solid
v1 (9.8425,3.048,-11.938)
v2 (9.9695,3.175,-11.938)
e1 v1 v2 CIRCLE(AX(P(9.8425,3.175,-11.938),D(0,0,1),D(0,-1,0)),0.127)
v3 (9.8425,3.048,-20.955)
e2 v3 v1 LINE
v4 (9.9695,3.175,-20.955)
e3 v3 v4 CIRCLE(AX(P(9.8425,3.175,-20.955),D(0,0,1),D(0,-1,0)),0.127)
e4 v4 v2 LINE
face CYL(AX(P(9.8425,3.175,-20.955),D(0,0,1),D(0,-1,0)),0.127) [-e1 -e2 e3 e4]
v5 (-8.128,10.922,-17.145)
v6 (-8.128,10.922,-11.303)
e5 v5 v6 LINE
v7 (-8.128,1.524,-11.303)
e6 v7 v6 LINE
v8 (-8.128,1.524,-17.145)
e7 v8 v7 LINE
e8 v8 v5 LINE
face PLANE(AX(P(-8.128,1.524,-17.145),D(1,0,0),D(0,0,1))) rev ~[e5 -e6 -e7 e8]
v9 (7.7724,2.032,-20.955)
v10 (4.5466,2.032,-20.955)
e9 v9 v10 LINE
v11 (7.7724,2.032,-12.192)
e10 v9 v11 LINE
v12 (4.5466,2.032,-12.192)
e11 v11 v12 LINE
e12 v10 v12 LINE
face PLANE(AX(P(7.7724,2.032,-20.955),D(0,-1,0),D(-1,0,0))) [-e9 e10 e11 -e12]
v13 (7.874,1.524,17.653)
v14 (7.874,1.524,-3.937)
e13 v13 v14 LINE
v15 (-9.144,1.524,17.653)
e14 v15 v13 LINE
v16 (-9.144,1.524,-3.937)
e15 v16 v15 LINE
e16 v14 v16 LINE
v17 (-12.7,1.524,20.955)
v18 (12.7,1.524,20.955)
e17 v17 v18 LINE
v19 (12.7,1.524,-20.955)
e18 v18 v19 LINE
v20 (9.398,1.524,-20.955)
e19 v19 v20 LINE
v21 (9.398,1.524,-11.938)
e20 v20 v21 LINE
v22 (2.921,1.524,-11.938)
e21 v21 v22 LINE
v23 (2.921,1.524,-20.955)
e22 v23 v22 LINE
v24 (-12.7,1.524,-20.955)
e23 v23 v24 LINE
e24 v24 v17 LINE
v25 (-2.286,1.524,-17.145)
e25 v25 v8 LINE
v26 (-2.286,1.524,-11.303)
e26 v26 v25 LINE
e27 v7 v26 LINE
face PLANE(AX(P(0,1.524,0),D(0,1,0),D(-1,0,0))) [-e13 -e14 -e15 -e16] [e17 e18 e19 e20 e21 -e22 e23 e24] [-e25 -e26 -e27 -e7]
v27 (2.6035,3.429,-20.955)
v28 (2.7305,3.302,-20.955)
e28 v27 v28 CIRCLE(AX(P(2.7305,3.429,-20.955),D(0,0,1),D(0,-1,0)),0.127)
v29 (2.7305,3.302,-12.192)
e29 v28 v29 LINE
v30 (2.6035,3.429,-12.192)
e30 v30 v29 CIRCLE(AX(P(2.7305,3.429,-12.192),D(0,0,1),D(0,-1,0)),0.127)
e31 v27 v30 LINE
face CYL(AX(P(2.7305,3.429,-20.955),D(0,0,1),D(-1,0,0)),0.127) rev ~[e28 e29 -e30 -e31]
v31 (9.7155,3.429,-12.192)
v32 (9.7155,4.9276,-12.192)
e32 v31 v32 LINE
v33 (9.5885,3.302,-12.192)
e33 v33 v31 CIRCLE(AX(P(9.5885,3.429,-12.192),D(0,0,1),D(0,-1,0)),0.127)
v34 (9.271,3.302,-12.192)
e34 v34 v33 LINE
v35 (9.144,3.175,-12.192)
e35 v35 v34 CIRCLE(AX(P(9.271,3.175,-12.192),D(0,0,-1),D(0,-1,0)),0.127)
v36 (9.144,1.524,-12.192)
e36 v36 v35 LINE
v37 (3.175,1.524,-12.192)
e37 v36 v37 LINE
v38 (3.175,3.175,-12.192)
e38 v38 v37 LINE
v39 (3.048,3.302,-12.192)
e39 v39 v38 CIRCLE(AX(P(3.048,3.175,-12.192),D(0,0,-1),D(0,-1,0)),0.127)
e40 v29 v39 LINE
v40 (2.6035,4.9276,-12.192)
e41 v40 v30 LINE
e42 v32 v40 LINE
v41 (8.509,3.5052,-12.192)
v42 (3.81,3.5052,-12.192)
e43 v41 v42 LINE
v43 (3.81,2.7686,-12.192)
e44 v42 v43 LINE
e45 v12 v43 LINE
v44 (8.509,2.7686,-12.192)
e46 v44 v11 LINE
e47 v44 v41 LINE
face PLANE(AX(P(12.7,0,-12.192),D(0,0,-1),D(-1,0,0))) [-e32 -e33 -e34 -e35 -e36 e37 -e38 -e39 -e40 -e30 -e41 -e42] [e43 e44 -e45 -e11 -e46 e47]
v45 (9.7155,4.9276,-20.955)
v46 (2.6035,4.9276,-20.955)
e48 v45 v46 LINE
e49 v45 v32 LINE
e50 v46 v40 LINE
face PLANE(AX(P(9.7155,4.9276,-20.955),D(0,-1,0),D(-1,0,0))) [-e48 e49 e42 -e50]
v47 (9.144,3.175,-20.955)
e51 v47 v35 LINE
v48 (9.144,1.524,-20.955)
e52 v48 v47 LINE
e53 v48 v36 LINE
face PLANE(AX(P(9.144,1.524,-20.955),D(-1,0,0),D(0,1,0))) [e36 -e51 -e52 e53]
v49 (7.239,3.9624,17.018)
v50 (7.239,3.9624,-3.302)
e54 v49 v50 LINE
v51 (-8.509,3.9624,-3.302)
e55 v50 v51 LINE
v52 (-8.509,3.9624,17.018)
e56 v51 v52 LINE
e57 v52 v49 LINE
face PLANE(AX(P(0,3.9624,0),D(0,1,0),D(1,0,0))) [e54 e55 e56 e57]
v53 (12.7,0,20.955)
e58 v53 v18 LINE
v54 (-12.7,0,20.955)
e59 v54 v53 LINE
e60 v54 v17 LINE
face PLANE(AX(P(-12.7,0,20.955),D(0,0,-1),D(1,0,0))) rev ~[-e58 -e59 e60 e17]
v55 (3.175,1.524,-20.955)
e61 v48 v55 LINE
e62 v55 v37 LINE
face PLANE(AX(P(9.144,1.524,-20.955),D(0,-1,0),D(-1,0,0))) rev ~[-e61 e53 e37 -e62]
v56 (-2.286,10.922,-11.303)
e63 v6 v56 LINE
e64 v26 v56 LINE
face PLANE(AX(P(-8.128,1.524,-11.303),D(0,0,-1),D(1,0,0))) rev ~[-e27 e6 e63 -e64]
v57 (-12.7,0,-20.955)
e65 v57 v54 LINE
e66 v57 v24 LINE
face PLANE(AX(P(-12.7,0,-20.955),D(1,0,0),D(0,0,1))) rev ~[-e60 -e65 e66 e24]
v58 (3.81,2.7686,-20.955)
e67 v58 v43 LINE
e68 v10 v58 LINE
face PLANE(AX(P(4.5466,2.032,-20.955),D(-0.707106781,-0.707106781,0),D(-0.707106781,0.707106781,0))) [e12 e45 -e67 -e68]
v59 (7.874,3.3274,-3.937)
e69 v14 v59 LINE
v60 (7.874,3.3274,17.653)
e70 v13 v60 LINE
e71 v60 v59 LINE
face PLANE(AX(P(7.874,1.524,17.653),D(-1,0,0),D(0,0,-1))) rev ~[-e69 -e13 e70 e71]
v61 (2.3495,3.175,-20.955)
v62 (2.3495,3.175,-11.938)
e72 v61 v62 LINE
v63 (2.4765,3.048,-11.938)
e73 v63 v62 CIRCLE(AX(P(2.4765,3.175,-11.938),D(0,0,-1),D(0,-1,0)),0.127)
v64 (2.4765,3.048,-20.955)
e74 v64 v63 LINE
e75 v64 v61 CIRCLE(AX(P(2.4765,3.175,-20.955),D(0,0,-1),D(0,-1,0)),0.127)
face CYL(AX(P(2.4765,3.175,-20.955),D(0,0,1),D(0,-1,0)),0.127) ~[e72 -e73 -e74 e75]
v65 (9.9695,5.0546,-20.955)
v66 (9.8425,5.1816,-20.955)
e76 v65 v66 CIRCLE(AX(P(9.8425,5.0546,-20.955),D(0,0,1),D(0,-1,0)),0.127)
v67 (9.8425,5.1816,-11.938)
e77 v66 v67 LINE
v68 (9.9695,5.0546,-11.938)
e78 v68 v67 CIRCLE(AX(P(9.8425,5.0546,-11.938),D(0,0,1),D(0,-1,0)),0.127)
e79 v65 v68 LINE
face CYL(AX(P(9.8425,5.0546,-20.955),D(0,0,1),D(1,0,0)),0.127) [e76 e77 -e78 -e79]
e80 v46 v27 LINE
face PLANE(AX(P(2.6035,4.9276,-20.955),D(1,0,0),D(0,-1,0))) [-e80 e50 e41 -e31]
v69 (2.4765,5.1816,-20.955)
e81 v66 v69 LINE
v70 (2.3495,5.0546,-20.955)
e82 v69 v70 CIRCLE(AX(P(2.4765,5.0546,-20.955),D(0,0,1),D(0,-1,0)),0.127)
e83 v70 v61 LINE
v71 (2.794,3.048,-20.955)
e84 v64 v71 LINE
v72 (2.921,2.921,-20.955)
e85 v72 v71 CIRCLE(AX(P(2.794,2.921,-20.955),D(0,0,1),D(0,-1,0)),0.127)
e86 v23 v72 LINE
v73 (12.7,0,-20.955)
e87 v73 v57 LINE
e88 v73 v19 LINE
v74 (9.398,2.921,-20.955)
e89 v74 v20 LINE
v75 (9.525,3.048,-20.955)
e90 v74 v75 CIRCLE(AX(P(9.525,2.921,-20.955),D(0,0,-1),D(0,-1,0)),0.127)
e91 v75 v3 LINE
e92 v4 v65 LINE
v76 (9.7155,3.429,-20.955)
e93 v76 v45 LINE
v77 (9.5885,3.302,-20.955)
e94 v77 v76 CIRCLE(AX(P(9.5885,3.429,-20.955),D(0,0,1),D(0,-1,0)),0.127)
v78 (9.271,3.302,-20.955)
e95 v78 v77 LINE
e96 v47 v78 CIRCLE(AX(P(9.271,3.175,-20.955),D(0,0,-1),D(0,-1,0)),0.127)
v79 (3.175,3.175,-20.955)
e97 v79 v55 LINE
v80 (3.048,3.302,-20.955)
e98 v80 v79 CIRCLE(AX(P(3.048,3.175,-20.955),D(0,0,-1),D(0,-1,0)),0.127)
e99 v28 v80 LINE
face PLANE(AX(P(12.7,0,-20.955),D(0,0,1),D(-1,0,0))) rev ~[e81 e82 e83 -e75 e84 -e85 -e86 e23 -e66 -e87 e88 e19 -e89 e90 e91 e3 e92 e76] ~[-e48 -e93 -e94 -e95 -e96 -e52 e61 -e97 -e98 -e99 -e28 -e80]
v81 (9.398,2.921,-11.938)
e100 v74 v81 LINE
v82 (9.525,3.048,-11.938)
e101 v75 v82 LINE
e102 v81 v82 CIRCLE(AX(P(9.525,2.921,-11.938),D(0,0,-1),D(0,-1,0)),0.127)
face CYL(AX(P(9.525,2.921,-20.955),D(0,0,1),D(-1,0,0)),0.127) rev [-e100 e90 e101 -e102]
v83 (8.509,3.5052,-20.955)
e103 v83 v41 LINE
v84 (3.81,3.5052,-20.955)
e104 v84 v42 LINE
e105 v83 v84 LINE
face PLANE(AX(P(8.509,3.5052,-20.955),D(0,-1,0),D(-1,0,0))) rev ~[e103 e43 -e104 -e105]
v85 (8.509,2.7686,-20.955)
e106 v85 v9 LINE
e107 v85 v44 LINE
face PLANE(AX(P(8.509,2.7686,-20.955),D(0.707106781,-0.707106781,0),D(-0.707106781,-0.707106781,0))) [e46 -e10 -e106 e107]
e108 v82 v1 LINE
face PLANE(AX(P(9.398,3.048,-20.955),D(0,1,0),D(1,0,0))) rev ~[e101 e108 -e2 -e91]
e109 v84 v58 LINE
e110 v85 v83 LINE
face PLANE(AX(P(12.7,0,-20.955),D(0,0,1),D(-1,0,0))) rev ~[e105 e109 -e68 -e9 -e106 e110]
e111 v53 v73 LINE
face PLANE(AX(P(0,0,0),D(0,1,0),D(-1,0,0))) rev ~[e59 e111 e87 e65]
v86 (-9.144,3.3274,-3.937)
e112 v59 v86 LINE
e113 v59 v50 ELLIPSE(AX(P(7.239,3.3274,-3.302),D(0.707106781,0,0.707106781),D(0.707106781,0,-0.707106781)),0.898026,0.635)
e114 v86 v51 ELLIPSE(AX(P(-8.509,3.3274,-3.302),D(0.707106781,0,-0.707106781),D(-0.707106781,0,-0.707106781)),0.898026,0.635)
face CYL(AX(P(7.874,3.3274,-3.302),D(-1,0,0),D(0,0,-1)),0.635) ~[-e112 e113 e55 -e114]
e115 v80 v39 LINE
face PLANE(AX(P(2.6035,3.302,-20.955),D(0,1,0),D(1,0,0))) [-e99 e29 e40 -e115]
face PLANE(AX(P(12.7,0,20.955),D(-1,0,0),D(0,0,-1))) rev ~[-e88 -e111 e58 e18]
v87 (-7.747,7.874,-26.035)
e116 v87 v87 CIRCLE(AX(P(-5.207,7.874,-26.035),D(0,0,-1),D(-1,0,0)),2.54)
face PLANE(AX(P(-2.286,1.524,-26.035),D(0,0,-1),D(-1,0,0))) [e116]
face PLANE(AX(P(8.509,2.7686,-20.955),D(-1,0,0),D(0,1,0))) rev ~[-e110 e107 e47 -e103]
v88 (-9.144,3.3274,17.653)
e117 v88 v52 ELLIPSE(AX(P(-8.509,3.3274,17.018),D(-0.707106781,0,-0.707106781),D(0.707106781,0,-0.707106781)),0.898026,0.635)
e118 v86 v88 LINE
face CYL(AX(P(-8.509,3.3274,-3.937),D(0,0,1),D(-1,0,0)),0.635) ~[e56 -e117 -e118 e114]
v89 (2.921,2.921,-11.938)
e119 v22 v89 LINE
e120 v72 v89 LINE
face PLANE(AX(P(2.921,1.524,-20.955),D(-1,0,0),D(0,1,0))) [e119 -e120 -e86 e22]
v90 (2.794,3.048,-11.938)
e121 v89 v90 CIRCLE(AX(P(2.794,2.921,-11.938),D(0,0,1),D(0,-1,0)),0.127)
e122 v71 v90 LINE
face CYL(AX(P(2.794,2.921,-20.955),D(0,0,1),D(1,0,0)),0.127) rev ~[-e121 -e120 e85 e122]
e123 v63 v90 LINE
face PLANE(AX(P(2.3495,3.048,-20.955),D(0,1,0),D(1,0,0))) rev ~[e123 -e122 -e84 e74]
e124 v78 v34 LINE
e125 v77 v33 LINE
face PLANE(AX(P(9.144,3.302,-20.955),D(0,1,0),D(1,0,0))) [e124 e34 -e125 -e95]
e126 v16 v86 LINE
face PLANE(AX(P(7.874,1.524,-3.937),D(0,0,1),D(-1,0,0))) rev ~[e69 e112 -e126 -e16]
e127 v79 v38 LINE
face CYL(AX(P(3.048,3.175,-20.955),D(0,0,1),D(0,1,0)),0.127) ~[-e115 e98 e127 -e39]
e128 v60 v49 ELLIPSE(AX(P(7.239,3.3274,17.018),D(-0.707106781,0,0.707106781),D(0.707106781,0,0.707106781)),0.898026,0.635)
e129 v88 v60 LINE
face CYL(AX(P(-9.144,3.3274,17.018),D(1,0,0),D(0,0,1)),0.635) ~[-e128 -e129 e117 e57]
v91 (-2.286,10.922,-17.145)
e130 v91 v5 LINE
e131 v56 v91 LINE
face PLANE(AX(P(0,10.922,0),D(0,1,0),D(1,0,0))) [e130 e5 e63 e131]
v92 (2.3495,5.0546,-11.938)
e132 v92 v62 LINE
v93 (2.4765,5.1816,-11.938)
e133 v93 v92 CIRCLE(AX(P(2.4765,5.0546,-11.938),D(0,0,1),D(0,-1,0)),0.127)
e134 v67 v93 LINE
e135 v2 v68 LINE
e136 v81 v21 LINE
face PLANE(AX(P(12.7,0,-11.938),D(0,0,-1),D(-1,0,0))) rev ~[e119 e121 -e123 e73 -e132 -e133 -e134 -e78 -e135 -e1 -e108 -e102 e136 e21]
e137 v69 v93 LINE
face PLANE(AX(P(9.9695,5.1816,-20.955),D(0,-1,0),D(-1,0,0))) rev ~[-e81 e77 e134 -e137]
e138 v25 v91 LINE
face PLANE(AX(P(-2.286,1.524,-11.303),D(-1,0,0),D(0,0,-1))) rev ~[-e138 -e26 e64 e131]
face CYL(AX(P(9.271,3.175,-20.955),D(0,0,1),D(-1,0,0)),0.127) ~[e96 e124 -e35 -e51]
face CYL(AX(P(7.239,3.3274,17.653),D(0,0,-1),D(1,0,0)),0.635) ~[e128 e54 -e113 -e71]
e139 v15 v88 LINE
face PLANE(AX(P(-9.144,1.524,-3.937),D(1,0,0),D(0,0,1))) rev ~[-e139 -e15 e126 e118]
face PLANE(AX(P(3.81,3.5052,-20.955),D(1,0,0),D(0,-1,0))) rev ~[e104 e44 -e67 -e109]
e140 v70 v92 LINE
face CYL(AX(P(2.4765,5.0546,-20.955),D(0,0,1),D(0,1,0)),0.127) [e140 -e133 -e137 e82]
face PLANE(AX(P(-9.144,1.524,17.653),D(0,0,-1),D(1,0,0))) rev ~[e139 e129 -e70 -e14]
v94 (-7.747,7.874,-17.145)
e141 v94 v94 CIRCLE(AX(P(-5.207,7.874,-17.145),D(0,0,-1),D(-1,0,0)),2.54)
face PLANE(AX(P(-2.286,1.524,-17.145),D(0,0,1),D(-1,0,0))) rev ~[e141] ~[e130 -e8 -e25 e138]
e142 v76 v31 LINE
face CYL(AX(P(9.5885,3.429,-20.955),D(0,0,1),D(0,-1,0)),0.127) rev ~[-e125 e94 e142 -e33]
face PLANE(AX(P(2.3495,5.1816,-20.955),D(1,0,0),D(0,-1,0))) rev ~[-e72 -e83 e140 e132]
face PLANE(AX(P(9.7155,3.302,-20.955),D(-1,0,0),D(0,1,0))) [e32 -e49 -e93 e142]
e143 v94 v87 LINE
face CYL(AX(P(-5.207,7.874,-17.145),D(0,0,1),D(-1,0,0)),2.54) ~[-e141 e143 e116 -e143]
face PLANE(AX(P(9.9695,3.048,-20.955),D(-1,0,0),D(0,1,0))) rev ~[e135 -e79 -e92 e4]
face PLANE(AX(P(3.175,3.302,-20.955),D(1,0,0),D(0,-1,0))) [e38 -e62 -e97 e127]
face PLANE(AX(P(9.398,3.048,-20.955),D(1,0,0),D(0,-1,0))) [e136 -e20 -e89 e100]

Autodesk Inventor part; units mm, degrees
ref_plane "YZ Plane" through (0, 0, 0) normal (1, 0, 0) x (0, 1, 0)
ref_plane "XZ Plane" through (0, 0, 0) normal (0, 1, 0) x (-1, 0, 0)
ref_plane "XY Plane" through (0, 0, 0) normal (0, 0, 1) x (1, 0, 0)
sketch "Sketch1" plane through (0, 0, 0) normal (0, 1, 0) x (-1, 0, 0)
  line L0 (12.7, 20.955) -> (-12.7, 20.955)
  line L1 (-12.7, 20.955) -> (-12.7, -20.955)
  line L2 (-12.7, -20.955) -> (12.7, -20.955)
  line L3 (12.7, -20.955) -> (12.7, 20.955)
  point P0 (0, 0)
  point P1 (12.7, 0)
  point P2 (0, -20.955)
  dimension "d0" = 41.91
  dimension "d1" = 25.4
extrude "Extrusion1" add sketch "Sketch1" along normal blind 1.524
sketch "Sketch2" plane through (0, 1.524, 0) normal (0, 1, 0) x (1, 0, 0)
  line L0 (-9.144, -17.653) -> (7.874, -17.653)
  line L1 (7.874, -17.653) -> (7.874, 3.937)
  line L2 (7.874, 3.937) -> (-9.144, 3.937)
  line L3 (-9.144, 3.937) -> (-9.144, -17.653)
  line L4 (12.7, -20.955) -> (12.7, 20.955) projected
  line L5 (-12.7, -20.955) -> (12.7, -20.955) projected
  point P0 (0, 0)
  dimension "d4" = 21.59
  dimension "d5" = 17.018
  dimension "d6" = 4.826
  dimension "d7" = 3.302
extrude "Extrusion2" add sketch "Sketch2" along normal blind 2.4384
fillet "Fillet1" radius 0.635 4 edges at (-0.635, 3.9624, 17.653) (7.874, 3.9624, 6.858) (-0.635, 3.9624, -3.937) (-9.144, 3.9624, 6.858)
sketch "Sketch3" plane through (0, 1.524, 0) normal (0, 1, 0) x (1, 0, 0)
  line L0 (-8.128, 11.303) -> (-2.286, 11.303)
  line L1 (-2.286, 11.303) -> (-2.286, 17.145)
  line L2 (-2.286, 17.145) -> (-8.128, 17.145)
  line L3 (-8.128, 17.145) -> (-8.128, 11.303)
  line L4 (-12.7, 20.955) -> (-12.7, -20.955) projected
  line L5 (12.7, 20.955) -> (-12.7, 20.955) projected
  point P0 (0, 0)
  dimension "d11" = 5.842
  dimension "d12" = 5.842
  dimension "d13" = 4.572
  dimension "d14" = 3.81
extrude "Extrusion3" add sketch "Sketch3" along normal blind 9.398
sketch "Sketch4" plane through (-2.286, 1.524, -17.145) normal (0, 0, -1) x (-1, 0, 0)
  circle A0 centre (2.921, 6.35) radius 2.54
  line L0 (0, 9.398) -> (5.842, 9.398) projected
  point P0 (-2.286, -1.524)
  point P1 (2.921, 9.398)
  dimension "d17" = 5.08
  dimension "d18" = 0.508
extrude "Extrusion4" add sketch "Sketch4" along normal blind 8.89
sketch "Sketch5" plane through (12.7, 0, -20.955) normal (0, 0, -1) x (-1, 0, 0)
  line L0 (0, 1.524) -> (25.4, 1.524) projected
  line L1 (3.302, 1.524) -> (9.779, 1.524)
  line L2 (9.779, 1.524) -> (9.779, 3.048)
  line L3 (3.302, 3.048) -> (3.302, 1.524)
  line L4 (2.7305, 3.048) -> (2.7305, 5.1816)
  line L5 (2.7305, 5.1816) -> (10.3505, 5.1816)
  line L6 (10.3505, 5.1816) -> (10.3505, 3.048)
  line L7 (10.3505, 3.048) -> (9.779, 3.048)
  line L8 (3.302, 3.048) -> (2.7305, 3.048)
  point P0 (12.7, 0)
  point P1 (10.0648, 3.048)
  point P2 (3.0162, 3.048)
  dimension "d21" = 3.6576
  dimension "d22" = 1.524
  dimension "d23" = 7.62
  dimension "d24" = 6.477
  dimension "d25" = 3.302
extrude "Extrusion5" add sketch "Sketch5" against normal blind 9.017
sketch "Sketch6" plane through (12.7, 0, -20.955) normal (0, 0, -1) x (-1, 0, 0)
  line L0 (0, 0) -> (25.4, 0) projected
  line L1 (25.4, 0) -> (25.4, 1.524) projected
  line L2 (9.779, 1.524) -> (25.4, 1.524) projected
  line L3 (9.779, 1.524) -> (9.779, 3.048) projected
  line L4 (9.779, 3.048) -> (10.3505, 3.048) projected
  line L5 (10.3505, 3.048) -> (10.3505, 5.1816) projected
  line L6 (10.3505, 5.1816) -> (2.7305, 5.1816) projected
  line L7 (2.7305, 5.1816) -> (2.7305, 3.048) projected
  line L8 (2.7305, 3.048) -> (3.302, 3.048) projected
  line L9 (3.302, 3.048) -> (3.302, 1.524) projected
  line L10 (0, 1.524) -> (3.302, 1.524) projected
  line L11 (0, 0) -> (0, 1.524) projected
  line L12 (2.9845, 4.9276) -> (10.0965, 4.9276)
  line L13 (10.0965, 4.9276) -> (10.0965, 3.302)
  line L14 (2.9845, 3.302) -> (2.9845, 4.9276)
  line L15 (3.302, 1.524) -> (9.779, 1.524) projected
  line L16 (9.525, 3.302) -> (9.525, 1.524)
  line L17 (9.525, 1.524) -> (3.556, 1.524)
  line L18 (3.556, 1.524) -> (3.556, 3.302)
  line L19 (10.0965, 3.302) -> (9.525, 3.302)
  line L20 (3.556, 3.302) -> (2.9845, 3.302)
  line L21 (4.191, 3.5052) -> (8.89, 3.5052)
  line L22 (8.89, 3.5052) -> (8.89, 2.7686)
  line L23 (8.89, 2.7686) -> (4.191, 2.7686)
  line L24 (4.191, 2.7686) -> (4.191, 3.5052)
  line L25 (4.191, 2.7686) -> (4.9276, 2.032)
  line L26 (4.191, 2.7686) -> (5.2327, 2.7686) construction
  line L27 (4.9276, 2.032) -> (8.1534, 2.032)
  line L28 (8.1534, 2.032) -> (8.89, 2.7686)
  line L29 (6.5405, 3.5052) -> (6.5405, 2.032) construction
  point P0 (12.7, 0)
  point P1 (6.5405, 2.7686)
  point P2 (6.5405, 2.7686)
  dimension "d28" = 0.254
  dimension "d29" = 0.254
  dimension "d30" = 0.254
  dimension "d32" = 0.254
  dimension "d33" = 0.254
  dimension "d34" = 0.254
  dimension "d35" = 0.254
  dimension "d36" = 45
  dimension "d37" = 0.635
  dimension "d38" = 0.635
  dimension "d39" = 0.508
  dimension "d40" = 1.4224
extrude "Extrusion6" cut sketch "Sketch6" against normal blind 8.763 contours L18 L20 L14 L12 L13 L19 L16 L15
fillet "Fillet2" radius 0.127 10 edges at (9.9695, 3.048, -16.4465) (9.398, 3.048, -16.4465) (9.7155, 3.302, -16.5735) (9.144, 3.302, -16.5735) (3.175, 3.302, -16.5735) (2.6035, 3.302, -16.5735) (2.3495, 3.048, -16.4465) (2.921, 3.048, -16.4465) (2.3495, 5.1816, -16.4465) (9.9695, 5.1816, -16.4465)
equation "\"d12\" = d11"
equation "\"d29\" = d28"
equation "\"d30\" = d28"
equation "\"d32\" = d28"
equation "\"d33\" = d28"
equation "\"d34\" = d28"
equation "\"d35\" = d28"
equation "\"d38\" = d37"
equation "\"d31\" = d28"
properties part number "GPS"
